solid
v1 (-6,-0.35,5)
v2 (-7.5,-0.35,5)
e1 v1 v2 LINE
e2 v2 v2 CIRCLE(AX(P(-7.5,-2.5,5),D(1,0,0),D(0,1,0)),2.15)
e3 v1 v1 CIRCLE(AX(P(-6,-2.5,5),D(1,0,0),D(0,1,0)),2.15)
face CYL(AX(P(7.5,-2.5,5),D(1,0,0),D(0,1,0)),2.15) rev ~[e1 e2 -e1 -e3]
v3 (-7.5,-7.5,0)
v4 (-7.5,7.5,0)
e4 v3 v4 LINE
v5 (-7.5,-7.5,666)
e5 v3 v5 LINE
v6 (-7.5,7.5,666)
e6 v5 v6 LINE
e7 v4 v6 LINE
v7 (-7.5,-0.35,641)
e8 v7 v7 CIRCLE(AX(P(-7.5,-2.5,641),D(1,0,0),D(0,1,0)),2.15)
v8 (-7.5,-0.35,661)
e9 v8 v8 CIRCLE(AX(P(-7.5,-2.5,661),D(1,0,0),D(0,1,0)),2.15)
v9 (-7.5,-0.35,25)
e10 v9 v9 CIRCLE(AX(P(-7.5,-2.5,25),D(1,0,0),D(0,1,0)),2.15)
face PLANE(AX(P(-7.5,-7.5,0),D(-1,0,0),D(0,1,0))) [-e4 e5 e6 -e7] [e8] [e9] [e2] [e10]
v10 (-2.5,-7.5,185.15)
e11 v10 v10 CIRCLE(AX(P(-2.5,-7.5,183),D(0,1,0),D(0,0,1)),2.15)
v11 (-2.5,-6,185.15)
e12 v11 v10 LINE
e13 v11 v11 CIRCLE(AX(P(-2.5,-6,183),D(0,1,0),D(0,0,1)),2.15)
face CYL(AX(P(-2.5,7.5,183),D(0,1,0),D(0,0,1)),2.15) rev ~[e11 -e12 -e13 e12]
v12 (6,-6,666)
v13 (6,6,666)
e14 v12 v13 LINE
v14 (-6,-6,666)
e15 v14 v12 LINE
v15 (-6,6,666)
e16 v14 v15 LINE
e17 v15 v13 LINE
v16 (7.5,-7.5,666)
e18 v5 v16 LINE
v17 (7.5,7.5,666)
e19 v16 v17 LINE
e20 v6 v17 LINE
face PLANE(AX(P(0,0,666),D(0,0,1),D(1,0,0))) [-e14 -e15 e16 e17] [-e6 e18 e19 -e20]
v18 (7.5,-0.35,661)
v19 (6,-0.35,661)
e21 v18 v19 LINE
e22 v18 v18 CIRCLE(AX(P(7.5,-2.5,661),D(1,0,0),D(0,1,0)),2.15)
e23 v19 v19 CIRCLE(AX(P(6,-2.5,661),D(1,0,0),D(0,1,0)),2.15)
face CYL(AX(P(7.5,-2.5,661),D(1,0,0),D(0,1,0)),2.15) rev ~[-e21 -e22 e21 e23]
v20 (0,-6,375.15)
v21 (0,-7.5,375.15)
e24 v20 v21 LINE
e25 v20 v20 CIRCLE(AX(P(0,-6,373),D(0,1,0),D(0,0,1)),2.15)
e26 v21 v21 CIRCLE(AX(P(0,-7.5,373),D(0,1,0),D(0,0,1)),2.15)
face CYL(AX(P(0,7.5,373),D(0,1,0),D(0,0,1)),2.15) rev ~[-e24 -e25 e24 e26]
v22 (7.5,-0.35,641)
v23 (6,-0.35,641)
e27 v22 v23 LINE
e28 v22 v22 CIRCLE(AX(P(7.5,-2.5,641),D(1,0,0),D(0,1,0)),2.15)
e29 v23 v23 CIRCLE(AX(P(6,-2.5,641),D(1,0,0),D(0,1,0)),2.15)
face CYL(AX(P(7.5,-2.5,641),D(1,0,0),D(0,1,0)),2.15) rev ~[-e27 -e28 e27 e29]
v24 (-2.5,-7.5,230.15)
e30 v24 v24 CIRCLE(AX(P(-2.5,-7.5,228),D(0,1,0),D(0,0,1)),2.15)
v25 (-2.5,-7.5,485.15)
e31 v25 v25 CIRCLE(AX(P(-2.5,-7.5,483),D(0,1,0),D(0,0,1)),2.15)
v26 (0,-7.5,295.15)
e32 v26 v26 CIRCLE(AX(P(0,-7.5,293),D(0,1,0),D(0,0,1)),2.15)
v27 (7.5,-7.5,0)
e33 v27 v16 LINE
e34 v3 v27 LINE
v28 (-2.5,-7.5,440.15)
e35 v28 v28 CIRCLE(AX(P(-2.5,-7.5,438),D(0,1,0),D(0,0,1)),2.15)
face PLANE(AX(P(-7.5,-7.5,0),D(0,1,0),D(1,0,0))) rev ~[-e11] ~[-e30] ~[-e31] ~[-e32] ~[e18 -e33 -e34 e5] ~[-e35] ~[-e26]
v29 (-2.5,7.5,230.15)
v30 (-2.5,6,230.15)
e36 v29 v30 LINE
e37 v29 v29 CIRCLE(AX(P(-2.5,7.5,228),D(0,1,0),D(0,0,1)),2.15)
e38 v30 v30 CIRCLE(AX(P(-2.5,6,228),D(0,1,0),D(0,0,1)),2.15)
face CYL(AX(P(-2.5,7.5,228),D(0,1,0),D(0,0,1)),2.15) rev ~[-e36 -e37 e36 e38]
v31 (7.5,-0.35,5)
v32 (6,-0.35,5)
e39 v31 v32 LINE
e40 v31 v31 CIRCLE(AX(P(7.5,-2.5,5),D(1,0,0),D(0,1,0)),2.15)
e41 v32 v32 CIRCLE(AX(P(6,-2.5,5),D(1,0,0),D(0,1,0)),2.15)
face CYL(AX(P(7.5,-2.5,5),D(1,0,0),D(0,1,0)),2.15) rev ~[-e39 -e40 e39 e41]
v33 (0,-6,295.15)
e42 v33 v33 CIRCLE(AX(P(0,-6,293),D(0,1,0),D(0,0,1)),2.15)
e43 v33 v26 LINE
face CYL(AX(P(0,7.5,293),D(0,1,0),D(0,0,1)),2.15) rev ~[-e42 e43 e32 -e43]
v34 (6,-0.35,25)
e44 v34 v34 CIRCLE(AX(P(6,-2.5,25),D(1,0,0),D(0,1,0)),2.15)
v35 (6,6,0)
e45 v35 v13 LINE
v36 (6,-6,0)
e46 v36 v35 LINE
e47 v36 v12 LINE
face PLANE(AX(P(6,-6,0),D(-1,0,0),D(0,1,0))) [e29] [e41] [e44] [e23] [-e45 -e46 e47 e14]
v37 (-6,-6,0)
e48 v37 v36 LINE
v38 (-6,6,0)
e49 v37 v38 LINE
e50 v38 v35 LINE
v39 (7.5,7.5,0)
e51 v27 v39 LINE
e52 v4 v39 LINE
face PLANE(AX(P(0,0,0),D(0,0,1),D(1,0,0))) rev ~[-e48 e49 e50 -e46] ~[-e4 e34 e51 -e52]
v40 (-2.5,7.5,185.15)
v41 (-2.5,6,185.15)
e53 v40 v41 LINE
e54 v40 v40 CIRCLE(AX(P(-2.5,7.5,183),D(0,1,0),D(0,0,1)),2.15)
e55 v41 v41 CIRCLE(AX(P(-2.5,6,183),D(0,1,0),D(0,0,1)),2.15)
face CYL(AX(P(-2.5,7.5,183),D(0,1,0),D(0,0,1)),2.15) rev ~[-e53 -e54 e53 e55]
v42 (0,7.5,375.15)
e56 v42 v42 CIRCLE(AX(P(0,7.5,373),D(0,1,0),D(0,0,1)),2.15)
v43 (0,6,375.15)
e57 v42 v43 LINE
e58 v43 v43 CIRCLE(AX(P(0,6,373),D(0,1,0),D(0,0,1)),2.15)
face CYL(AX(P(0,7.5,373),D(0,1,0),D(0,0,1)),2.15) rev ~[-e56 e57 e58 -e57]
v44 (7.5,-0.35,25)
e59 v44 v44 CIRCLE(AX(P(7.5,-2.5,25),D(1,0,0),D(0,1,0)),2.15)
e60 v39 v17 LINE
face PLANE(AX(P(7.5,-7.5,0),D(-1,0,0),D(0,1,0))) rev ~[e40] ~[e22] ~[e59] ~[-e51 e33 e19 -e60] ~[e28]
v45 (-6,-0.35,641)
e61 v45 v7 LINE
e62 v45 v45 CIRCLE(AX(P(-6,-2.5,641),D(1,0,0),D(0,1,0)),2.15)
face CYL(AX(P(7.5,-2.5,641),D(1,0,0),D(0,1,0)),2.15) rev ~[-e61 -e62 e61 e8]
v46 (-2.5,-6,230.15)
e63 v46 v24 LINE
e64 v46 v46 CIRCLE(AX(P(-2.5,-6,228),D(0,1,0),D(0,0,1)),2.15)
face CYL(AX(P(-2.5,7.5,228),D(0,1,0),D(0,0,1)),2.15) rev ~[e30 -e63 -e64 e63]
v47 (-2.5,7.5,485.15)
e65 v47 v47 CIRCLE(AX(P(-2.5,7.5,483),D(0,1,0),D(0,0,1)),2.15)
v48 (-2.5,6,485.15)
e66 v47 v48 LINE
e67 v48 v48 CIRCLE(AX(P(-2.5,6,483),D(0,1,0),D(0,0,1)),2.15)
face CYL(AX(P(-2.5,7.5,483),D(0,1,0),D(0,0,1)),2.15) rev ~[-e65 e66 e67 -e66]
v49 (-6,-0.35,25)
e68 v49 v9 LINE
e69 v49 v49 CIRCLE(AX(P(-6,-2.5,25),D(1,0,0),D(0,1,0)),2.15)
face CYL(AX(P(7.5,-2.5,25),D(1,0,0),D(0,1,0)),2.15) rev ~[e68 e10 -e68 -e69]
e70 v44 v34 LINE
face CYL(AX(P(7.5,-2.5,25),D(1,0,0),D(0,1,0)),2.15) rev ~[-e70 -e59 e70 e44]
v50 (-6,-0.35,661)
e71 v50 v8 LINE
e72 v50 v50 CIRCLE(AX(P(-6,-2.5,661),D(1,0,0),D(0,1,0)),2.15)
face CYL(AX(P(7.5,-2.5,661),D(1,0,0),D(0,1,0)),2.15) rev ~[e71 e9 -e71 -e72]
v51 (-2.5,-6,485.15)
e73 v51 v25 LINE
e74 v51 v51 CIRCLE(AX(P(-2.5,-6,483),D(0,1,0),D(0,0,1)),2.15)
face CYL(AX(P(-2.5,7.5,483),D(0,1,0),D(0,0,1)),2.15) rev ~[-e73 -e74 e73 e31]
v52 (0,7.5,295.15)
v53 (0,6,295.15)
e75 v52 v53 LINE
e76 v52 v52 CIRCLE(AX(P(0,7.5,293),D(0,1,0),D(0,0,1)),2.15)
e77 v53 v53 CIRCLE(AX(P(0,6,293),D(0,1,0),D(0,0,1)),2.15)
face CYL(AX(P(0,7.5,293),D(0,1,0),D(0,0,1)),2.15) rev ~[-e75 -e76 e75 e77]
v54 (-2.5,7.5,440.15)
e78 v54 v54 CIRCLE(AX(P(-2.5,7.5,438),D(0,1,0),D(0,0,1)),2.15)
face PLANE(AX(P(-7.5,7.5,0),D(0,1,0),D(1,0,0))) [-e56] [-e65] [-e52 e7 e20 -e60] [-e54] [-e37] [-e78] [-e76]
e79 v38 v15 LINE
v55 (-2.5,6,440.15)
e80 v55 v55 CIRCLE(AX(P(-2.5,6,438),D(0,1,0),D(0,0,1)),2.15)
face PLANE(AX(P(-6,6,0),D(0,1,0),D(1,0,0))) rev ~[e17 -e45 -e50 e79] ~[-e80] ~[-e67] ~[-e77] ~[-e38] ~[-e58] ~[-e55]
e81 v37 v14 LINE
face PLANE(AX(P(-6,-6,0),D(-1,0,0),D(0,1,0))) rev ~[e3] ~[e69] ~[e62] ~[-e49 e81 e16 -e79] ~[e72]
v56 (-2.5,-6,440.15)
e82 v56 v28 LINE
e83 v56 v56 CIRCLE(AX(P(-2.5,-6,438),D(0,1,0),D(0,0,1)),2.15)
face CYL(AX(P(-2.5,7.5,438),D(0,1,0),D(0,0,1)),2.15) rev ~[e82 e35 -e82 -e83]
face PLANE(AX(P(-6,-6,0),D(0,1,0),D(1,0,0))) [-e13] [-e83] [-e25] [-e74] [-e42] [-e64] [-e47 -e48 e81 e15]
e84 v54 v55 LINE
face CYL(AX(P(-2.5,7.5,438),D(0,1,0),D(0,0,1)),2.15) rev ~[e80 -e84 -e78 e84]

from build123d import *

# Parameters (mm, degrees)
SKETCH_1_W          = 15
SKETCH_1_H          = 15
SKETCH_1_W_2        = 12
SKETCH_1_H_2        = 12
EXTRUDE_1_DEPTH     = 666
SKETCH_2_R          = 2.15
CUT_EXTRUDE_1_DEPTH = 667.211115188
SKETCH_3_R          = 2.15
CUT_EXTRUDE_2_DEPTH = 667.211115188


with BuildPart() as part:
    # ｽｹｯﾁ1 → 押し出し-薄板1 (new body)
    with BuildSketch(Plane.XY):
        Rectangle(SKETCH_1_W, SKETCH_1_H)
        Rectangle(SKETCH_1_W_2, SKETCH_1_H_2, mode=Mode.SUBTRACT)
    extrude(amount=EXTRUDE_1_DEPTH)

    # ｽｹｯﾁ2 → ｶｯﾄ - 押し出し1 (cut, through all)
    with BuildSketch(Plane(origin=(7.5, 0, 0), x_dir=(0, 0, -1), z_dir=(1, 0, 0))):
        with Locations(Location((-5, -2.5, 0), (0, 0, 90))):
            Circle(SKETCH_2_R)
        with Locations(Location((-661, -2.5, 0), (0, 0, 90))):
            Circle(SKETCH_2_R)
        with Locations(Location((-25, -2.5, 0), (0, 0, 90))):
            Circle(SKETCH_2_R)
        with Locations(Location((-641, -2.5, 0), (0, 0, 90))):
            Circle(SKETCH_2_R)
    extrude(amount=-CUT_EXTRUDE_1_DEPTH, mode=Mode.SUBTRACT)

    # ｽｹｯﾁ3 → ｶｯﾄ - 押し出し2 (cut, through all)
    with BuildSketch(Plane(origin=(0, 7.5, 0), x_dir=(1, 0, 0), z_dir=(0, 1, 0))):
        with Locations(Location((-2.5, -228, 0), (0, 0, 270))):
            Circle(SKETCH_3_R)
        with Locations(Location((-2.5, -438, 0), (0, 0, 270))):
            Circle(SKETCH_3_R)
        with Locations(Location((-2.5, -183, 0), (0, 0, 270))):
            Circle(SKETCH_3_R)
        with Locations(Location((-2.5, -483, 0), (0, 0, 270))):
            Circle(SKETCH_3_R)
        with Locations(Location((0, -373, 0), (0, 0, 270))):
            Circle(SKETCH_3_R)
        with Locations(Location((0, -293, 0), (0, 0, 270))):
            Circle(SKETCH_3_R)
    extrude(amount=-CUT_EXTRUDE_2_DEPTH, mode=Mode.SUBTRACT)


solid = part.part
